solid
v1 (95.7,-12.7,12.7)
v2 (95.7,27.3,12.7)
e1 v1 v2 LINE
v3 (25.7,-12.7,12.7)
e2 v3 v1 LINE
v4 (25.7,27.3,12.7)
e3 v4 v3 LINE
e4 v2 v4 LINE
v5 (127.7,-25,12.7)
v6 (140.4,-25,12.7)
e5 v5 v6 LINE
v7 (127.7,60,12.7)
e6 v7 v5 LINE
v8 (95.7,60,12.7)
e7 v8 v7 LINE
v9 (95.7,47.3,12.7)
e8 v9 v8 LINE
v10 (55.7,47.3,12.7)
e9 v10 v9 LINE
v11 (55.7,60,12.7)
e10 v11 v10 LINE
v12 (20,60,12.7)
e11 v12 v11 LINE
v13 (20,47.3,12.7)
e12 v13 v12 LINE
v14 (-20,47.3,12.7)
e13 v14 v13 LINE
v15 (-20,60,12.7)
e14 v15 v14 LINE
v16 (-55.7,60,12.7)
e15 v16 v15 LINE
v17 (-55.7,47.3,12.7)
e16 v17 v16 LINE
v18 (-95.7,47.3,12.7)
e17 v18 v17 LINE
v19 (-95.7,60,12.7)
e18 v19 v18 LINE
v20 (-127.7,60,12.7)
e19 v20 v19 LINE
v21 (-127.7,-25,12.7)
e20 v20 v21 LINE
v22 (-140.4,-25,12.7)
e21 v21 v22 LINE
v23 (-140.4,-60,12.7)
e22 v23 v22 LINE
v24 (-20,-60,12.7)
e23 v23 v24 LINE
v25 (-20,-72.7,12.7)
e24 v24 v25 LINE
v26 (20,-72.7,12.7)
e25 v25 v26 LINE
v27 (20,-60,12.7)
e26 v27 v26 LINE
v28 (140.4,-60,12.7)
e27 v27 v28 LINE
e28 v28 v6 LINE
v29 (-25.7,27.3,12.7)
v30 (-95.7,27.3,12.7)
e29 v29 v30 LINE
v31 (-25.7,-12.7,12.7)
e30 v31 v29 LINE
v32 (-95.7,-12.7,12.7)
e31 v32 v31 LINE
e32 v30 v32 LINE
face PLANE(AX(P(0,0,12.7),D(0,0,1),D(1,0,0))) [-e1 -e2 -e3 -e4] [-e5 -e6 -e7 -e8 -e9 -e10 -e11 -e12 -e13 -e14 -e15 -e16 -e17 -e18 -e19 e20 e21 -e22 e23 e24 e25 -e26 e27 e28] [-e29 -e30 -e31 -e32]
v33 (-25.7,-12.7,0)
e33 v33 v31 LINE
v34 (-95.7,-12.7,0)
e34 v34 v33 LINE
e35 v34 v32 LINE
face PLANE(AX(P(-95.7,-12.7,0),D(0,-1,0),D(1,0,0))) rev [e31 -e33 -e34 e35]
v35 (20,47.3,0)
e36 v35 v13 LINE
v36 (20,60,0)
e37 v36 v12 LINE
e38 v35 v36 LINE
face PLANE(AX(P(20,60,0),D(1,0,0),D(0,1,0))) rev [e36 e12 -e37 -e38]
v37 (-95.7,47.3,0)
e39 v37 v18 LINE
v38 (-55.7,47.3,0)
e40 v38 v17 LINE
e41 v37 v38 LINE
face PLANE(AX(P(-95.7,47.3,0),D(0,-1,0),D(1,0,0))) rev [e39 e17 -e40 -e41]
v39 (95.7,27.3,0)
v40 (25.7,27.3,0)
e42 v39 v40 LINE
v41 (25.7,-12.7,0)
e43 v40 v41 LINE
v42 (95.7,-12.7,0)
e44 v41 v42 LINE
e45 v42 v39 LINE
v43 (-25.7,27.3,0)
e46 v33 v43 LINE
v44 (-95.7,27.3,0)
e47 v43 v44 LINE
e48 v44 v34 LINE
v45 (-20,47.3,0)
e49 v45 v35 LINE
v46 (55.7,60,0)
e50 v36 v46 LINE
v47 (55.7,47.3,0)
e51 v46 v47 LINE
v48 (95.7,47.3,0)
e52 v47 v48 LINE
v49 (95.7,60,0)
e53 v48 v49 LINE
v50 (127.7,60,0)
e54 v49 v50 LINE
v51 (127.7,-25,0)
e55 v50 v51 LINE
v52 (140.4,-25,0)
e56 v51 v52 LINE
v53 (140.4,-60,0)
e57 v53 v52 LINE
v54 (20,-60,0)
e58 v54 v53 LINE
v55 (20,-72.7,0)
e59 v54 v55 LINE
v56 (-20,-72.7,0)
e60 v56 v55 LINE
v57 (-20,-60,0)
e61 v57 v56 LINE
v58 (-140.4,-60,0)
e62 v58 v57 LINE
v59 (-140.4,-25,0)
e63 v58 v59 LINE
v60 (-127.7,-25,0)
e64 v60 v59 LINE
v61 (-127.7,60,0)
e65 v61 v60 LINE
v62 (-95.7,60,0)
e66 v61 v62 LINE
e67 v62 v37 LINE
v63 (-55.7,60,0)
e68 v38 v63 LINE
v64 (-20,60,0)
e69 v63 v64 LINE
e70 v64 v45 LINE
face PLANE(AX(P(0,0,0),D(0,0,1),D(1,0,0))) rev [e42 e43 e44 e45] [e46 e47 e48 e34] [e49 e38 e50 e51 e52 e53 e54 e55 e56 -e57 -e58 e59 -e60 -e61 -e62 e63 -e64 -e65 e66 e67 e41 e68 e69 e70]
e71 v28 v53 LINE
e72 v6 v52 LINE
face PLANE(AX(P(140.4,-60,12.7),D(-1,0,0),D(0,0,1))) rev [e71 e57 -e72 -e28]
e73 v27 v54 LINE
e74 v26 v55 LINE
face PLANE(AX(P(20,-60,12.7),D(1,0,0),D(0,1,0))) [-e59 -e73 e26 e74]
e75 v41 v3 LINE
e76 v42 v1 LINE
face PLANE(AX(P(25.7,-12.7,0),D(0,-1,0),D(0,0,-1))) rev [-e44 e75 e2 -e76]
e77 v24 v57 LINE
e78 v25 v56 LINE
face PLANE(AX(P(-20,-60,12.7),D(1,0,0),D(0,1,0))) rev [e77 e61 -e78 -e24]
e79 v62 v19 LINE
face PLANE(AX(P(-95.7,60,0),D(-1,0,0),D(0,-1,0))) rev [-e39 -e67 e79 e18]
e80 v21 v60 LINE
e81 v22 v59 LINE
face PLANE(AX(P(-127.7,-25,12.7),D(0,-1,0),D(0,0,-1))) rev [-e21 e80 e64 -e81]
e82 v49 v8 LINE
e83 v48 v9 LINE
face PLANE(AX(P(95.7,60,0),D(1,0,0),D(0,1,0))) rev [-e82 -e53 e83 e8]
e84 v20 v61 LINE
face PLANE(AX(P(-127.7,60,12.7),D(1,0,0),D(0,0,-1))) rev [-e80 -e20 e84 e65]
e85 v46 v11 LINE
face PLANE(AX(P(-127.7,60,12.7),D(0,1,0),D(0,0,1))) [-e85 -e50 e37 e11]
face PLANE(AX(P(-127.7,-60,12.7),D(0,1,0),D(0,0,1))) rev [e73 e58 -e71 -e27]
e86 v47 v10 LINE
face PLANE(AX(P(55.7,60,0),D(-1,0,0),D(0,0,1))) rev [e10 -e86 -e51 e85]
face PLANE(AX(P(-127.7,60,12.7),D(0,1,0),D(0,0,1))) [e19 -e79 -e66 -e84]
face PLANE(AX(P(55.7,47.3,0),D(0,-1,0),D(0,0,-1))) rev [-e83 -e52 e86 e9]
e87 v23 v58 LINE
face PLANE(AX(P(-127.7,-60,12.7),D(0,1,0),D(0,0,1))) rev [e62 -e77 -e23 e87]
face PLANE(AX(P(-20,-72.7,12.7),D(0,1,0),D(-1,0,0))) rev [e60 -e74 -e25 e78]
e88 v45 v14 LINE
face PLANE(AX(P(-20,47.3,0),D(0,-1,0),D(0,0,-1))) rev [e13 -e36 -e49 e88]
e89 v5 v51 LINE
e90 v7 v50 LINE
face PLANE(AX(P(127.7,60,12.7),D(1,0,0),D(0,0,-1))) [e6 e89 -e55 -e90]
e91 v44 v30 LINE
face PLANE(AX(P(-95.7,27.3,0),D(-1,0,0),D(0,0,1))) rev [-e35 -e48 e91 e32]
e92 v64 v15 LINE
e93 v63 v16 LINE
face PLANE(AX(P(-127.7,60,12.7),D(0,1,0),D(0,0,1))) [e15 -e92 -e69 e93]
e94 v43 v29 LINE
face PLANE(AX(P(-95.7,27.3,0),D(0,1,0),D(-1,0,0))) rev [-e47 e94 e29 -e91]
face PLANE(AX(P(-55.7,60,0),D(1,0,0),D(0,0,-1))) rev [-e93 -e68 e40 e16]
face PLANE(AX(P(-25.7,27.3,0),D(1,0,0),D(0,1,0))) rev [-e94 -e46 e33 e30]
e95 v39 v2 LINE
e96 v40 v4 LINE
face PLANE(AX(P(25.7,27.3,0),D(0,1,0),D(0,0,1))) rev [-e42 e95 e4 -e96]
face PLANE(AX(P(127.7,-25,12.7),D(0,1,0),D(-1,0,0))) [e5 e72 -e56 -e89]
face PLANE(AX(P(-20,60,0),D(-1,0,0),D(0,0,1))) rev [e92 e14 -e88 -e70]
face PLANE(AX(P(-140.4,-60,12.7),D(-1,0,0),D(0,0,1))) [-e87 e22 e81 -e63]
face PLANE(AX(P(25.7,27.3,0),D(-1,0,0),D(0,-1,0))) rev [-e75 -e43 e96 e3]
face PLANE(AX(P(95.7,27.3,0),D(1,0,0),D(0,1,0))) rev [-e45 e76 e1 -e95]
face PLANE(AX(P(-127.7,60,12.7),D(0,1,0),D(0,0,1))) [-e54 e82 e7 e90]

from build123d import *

# Parameters (mm, degrees)
SKETCH3_W           = 12.7
SKETCH3_H           = 35
SKETCH3_W_2         = 40
SKETCH3_H_2         = 12.7
BOSS_EXTRUDE1_DEPTH = 12.7
SKETCH4_W           = 40
SKETCH4_H           = 12.7
CUT_EXTRUDE1_DEPTH  = 12.7
SKETCH5_W           = 40
SKETCH5_H           = 12.7
SKETCH5_W_2         = 70
SKETCH5_H_2         = 40
CUT_EXTRUDE2_DEPTH  = 12.7


with BuildPart() as part:
    # Sketch3 → Boss-Extrude1 (new body)
    with BuildSketch(Plane.XY):
        Polygon((127.7, 60), (-127.7, 60), (-127.7, -25), (-127.7, -60), (-20, -60), (20, -60), (127.7, -60), (127.7, -25), align=None)
        with Locations((-134.05, -42.5)):
            Rectangle(SKETCH3_W, SKETCH3_H)
        with Locations((134.05, -42.5)):
            Rectangle(SKETCH3_W, SKETCH3_H)
        with Locations((0, -66.35)):
            Rectangle(SKETCH3_W_2, SKETCH3_H_2)
    extrude(amount=BOSS_EXTRUDE1_DEPTH)

    # Sketch4 → Cut-Extrude1 (cut)
    with BuildSketch(Plane.XY.offset(12.7)):
        with Locations((0, 53.65)):
            Rectangle(SKETCH4_W, SKETCH4_H)
    extrude(amount=-CUT_EXTRUDE1_DEPTH, mode=Mode.SUBTRACT)

    # Sketch5 → Cut-Extrude2 (cut)
    with BuildSketch(Plane.XY.offset(12.7)):
        with Locations((-75.7, 53.65)):
            Rectangle(SKETCH5_W, SKETCH5_H)
        with Locations((75.7, 53.65)):
            Rectangle(SKETCH5_W, SKETCH5_H)
        with Locations((-60.7, 7.3)):
            Rectangle(SKETCH5_W_2, SKETCH5_H_2)
        with Locations((60.7, 7.3)):
            Rectangle(SKETCH5_W_2, SKETCH5_H_2)
    extrude(amount=-CUT_EXTRUDE2_DEPTH, mode=Mode.SUBTRACT)


solid = part.part
